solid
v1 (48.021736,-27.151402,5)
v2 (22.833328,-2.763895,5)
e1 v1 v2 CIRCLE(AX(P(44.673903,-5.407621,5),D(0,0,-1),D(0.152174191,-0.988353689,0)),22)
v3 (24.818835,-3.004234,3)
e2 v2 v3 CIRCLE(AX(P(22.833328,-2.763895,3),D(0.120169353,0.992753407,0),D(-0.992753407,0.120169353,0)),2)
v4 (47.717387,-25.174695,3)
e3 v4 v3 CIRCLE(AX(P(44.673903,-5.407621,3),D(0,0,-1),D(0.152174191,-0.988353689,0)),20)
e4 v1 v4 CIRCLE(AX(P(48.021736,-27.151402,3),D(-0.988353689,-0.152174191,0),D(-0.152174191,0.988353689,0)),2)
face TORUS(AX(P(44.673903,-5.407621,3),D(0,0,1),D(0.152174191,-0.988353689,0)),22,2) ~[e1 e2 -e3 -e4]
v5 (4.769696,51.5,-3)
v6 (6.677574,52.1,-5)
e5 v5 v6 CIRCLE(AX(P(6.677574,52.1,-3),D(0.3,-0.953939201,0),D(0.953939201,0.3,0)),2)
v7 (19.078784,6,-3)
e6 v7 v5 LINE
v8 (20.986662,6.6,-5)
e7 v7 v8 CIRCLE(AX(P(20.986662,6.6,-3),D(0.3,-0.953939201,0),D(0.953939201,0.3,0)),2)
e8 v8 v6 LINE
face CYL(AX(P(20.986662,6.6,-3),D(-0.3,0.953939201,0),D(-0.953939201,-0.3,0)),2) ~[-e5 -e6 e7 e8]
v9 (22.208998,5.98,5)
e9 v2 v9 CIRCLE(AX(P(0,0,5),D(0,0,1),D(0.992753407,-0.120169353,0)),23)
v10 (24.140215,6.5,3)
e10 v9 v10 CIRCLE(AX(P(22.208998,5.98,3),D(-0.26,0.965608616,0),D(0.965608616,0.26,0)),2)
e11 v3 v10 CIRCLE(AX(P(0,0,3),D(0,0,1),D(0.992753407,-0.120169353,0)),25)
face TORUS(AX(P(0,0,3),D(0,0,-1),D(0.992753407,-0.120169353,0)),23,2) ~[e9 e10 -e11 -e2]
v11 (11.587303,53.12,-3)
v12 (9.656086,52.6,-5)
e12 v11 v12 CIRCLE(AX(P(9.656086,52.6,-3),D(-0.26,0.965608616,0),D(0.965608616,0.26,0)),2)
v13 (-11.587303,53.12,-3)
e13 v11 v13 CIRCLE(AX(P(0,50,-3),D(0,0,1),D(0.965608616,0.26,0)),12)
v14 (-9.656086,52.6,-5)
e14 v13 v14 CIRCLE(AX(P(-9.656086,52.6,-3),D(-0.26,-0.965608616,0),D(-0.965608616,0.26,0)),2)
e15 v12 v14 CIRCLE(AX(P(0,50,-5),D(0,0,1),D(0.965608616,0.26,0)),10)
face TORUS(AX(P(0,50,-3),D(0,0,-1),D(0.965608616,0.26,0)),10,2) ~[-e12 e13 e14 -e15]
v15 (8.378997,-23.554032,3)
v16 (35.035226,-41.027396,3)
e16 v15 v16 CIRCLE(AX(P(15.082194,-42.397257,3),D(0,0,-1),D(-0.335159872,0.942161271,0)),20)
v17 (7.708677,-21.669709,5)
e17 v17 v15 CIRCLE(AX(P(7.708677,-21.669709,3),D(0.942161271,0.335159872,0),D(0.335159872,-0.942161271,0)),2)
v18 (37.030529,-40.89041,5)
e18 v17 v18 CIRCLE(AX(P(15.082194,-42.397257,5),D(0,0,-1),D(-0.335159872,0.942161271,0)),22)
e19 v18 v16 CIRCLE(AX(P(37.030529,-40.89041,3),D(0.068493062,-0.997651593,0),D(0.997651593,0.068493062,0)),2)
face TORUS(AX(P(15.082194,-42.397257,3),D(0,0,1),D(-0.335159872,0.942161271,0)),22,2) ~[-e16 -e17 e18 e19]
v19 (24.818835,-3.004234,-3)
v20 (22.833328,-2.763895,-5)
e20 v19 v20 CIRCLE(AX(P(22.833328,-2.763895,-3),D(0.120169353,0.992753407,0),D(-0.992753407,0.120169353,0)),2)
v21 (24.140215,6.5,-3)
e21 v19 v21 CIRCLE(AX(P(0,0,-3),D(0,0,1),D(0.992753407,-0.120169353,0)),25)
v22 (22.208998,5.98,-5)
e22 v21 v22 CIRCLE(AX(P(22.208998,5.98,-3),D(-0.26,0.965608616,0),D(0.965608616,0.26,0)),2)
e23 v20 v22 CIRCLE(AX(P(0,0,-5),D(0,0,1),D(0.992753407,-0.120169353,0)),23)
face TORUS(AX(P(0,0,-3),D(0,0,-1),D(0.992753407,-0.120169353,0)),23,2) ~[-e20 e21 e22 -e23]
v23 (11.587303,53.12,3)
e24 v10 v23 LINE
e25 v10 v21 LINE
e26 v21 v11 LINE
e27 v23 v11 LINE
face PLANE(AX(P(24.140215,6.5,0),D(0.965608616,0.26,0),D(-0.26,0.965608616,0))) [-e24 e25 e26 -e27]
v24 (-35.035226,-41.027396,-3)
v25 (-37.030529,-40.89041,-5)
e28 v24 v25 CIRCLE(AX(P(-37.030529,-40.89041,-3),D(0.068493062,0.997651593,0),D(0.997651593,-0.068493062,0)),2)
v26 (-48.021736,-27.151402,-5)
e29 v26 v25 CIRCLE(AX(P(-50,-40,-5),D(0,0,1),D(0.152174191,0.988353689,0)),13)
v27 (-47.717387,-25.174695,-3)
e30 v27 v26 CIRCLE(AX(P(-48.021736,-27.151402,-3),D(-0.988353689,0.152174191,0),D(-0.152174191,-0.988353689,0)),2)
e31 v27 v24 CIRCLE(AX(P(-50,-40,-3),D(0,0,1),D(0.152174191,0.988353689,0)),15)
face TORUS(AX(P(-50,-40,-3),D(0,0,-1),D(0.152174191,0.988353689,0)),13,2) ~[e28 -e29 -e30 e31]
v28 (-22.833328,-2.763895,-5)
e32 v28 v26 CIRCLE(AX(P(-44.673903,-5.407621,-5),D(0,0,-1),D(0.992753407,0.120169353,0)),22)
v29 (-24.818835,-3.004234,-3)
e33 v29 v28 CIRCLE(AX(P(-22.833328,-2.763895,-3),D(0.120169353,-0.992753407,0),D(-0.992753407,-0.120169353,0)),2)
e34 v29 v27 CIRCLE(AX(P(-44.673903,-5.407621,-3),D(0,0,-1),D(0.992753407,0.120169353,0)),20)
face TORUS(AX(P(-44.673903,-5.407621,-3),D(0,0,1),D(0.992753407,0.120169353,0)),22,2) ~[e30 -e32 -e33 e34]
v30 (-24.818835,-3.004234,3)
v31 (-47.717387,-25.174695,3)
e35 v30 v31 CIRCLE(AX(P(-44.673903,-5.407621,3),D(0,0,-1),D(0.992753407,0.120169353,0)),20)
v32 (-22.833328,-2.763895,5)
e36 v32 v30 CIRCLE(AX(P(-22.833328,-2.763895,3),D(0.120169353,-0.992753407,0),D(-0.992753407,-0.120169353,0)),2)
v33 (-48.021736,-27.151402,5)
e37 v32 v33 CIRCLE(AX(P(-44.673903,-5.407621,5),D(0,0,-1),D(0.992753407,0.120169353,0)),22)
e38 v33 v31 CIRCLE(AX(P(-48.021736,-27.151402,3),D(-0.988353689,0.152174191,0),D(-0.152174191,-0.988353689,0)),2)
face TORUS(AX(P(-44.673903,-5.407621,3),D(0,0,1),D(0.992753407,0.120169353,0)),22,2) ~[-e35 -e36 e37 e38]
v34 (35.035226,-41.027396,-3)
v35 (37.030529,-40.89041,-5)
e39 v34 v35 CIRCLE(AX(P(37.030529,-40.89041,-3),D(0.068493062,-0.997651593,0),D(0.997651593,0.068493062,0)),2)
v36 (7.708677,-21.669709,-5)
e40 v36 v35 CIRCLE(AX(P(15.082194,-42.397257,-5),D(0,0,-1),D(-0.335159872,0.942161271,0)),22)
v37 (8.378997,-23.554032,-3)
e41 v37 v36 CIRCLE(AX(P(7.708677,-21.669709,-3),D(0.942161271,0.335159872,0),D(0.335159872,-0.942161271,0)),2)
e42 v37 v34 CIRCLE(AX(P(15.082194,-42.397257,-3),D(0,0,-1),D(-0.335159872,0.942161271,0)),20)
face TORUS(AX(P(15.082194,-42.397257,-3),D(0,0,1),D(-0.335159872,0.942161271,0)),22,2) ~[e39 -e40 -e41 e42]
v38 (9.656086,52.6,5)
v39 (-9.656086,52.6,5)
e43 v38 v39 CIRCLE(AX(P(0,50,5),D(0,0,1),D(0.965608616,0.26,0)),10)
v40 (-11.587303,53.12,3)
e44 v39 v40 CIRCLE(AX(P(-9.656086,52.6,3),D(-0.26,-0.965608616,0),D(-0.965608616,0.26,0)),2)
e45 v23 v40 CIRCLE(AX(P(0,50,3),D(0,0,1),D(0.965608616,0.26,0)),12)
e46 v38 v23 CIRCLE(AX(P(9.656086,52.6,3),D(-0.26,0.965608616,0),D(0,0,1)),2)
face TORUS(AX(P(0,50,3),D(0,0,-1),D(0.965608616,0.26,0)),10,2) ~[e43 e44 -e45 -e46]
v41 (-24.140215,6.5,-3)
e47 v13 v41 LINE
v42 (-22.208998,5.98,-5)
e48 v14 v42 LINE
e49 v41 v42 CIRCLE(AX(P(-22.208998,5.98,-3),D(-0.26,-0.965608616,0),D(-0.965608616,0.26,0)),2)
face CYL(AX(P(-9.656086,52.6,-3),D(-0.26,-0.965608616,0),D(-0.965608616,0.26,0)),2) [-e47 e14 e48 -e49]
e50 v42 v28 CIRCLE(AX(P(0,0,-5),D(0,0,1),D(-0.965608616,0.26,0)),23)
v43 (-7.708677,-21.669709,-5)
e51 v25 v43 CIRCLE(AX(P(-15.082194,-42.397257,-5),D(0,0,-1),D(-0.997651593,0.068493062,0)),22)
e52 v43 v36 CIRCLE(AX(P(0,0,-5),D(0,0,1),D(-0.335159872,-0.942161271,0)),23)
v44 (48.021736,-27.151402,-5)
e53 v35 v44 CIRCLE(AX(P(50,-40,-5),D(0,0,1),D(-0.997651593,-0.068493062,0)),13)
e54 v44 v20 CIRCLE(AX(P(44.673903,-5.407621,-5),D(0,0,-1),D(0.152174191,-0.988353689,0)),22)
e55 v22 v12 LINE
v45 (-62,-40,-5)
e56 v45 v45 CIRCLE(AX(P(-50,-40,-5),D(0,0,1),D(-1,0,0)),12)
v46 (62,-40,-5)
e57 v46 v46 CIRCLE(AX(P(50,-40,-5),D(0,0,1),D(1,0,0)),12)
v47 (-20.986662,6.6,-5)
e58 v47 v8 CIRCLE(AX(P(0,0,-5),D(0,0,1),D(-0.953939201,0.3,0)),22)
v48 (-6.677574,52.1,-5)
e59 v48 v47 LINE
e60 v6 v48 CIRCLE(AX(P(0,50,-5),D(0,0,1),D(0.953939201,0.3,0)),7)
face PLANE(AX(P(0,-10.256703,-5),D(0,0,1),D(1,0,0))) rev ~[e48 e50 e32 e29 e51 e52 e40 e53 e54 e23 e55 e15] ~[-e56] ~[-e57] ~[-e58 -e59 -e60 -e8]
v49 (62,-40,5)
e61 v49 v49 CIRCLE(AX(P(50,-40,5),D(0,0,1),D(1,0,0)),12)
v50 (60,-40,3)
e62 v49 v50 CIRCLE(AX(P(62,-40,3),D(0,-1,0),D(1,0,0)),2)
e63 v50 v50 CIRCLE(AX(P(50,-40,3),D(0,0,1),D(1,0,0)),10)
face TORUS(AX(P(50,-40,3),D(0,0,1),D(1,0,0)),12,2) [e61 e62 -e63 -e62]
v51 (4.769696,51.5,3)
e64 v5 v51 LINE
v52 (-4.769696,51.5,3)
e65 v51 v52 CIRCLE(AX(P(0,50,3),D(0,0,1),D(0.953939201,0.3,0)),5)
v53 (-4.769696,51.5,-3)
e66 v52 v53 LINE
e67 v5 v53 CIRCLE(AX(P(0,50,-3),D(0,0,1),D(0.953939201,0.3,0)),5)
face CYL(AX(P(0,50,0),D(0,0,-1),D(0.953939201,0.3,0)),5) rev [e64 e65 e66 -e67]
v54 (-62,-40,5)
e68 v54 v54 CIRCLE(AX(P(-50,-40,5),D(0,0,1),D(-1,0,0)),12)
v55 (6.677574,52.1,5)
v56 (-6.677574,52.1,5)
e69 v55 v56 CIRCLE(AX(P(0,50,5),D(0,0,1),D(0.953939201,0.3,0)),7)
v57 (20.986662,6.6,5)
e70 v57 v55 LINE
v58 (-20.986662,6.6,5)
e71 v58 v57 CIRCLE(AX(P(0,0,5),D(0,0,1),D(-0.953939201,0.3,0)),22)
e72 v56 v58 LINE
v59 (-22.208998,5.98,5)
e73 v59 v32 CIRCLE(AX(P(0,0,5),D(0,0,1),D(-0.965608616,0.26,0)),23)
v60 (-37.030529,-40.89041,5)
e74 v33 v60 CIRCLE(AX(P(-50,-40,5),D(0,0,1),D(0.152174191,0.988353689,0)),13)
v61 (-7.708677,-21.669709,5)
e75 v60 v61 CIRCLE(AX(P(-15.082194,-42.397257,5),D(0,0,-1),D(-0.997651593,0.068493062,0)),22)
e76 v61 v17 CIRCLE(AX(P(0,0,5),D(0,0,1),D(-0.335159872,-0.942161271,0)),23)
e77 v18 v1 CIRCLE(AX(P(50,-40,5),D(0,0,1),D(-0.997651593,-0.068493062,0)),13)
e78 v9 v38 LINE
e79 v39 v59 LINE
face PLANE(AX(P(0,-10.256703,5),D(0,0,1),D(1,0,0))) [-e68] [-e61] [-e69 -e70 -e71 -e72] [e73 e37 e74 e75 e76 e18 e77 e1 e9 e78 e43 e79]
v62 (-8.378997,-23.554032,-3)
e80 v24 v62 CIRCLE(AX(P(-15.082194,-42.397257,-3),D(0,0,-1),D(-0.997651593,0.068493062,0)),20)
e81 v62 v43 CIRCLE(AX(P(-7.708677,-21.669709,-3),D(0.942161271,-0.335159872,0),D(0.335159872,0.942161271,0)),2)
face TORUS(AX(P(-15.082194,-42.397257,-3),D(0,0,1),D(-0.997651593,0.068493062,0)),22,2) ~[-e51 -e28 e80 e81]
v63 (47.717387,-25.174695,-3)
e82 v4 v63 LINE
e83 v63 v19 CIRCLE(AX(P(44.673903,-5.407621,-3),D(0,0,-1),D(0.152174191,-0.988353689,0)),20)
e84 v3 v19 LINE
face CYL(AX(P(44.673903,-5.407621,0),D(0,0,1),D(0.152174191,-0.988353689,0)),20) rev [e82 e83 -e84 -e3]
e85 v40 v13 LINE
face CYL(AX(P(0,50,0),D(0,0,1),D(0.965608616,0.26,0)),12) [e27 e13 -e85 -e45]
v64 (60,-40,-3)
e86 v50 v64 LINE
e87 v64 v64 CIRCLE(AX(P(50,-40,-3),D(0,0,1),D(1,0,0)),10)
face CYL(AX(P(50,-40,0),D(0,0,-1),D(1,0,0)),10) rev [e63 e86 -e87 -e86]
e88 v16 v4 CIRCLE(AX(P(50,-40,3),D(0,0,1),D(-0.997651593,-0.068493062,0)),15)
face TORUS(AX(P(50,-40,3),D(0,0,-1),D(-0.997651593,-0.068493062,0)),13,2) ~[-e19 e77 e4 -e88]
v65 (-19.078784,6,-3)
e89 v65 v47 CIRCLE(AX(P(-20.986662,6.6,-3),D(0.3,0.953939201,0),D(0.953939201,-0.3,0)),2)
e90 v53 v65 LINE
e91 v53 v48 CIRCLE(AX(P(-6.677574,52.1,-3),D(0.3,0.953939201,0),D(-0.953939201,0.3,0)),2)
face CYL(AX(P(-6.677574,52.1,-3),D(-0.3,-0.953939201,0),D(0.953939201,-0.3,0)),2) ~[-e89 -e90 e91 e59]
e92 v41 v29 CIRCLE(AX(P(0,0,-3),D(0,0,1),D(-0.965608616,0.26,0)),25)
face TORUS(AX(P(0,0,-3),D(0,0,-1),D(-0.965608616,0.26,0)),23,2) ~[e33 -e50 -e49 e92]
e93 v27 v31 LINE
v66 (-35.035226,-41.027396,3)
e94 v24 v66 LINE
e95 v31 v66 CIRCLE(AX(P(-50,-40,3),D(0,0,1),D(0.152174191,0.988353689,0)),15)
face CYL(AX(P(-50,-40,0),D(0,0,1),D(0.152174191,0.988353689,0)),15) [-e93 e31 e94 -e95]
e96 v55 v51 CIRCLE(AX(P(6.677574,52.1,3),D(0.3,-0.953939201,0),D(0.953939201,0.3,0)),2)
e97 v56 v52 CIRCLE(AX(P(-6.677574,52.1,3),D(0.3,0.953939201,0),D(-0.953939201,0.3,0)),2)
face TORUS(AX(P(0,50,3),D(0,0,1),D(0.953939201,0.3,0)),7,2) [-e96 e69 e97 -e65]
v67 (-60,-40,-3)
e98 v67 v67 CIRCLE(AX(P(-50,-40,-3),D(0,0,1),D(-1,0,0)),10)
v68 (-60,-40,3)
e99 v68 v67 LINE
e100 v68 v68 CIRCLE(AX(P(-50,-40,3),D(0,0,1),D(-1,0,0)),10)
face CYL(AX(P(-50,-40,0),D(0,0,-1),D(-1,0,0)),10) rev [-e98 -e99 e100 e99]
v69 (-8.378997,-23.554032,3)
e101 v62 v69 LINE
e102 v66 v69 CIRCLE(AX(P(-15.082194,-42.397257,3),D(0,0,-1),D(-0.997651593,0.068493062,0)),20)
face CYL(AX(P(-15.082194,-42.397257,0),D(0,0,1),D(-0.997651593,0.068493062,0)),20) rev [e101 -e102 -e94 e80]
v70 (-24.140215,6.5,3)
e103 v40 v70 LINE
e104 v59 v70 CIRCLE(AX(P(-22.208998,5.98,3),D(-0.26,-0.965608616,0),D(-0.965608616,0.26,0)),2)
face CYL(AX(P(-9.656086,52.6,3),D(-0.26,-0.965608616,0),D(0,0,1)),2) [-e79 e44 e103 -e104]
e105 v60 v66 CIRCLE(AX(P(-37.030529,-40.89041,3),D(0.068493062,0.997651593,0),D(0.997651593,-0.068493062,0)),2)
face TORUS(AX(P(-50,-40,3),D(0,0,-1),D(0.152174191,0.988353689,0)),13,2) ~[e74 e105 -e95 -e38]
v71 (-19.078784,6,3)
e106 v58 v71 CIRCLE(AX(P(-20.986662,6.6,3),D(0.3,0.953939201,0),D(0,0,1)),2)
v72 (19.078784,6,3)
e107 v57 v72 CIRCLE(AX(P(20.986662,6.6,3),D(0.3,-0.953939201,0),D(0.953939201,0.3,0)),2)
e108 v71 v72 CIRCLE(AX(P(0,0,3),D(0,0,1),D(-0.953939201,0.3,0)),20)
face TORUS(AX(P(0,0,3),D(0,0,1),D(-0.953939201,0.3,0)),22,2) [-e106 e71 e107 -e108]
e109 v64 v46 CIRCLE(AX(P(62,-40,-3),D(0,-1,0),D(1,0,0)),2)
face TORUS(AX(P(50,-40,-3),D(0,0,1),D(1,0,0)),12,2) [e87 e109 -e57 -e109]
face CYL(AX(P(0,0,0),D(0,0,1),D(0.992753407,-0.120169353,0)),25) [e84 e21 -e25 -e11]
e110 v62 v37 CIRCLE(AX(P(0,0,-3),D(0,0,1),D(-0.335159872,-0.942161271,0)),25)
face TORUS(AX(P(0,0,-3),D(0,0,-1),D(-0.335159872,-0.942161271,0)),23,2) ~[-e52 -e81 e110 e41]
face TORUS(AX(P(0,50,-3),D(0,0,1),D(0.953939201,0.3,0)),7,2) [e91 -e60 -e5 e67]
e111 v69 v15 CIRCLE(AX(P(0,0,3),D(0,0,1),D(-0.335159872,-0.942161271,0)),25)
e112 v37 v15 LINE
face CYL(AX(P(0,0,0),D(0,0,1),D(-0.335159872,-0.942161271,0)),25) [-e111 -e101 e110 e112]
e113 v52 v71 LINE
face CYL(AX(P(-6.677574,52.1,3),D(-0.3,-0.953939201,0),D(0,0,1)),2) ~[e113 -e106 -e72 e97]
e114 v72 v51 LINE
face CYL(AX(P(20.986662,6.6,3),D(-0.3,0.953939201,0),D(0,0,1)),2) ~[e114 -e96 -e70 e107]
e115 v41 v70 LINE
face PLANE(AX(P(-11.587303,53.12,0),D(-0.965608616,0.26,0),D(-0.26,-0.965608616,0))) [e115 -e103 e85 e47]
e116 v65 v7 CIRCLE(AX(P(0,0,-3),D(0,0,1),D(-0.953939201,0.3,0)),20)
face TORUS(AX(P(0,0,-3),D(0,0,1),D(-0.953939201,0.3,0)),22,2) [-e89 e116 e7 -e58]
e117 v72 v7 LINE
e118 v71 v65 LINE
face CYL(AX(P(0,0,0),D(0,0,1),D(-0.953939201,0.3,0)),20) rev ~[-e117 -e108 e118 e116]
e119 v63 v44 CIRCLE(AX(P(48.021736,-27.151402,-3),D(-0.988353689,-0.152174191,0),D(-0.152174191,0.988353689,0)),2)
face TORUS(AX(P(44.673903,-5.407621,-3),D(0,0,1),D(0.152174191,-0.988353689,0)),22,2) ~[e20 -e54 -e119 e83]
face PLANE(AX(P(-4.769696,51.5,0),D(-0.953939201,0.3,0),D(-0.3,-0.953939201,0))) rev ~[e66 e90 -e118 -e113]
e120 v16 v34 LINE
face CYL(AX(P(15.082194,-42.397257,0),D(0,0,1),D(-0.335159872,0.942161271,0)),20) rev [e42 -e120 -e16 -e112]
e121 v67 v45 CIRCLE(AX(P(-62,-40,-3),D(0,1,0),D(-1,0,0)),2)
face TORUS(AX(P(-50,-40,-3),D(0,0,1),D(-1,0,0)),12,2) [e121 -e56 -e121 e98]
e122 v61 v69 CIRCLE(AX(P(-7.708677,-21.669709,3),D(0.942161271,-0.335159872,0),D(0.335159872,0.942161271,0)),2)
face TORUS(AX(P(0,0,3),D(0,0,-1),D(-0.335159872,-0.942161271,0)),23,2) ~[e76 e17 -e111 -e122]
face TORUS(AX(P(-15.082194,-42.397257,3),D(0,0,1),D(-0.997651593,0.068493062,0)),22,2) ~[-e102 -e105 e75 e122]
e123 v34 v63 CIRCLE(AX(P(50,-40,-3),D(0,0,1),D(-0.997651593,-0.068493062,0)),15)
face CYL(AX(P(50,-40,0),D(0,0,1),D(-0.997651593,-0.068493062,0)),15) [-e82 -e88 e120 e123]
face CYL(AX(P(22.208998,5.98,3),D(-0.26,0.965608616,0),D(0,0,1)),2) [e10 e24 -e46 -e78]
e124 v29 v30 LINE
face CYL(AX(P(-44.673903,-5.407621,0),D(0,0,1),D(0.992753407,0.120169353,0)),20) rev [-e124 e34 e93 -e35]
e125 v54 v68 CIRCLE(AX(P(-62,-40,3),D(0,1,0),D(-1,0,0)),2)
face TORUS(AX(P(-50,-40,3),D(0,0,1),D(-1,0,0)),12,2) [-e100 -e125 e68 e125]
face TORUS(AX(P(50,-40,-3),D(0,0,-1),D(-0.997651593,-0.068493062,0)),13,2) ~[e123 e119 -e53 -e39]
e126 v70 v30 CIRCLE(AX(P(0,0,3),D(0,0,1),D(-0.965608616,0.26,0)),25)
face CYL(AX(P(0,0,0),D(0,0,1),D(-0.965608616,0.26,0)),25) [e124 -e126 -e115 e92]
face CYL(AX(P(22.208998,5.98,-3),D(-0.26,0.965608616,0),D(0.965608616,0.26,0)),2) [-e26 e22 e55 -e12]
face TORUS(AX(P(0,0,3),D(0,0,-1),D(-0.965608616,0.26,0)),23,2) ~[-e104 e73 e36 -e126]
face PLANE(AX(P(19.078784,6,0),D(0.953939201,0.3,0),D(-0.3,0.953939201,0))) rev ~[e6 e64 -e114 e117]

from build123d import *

# Parameters (mm, degrees)
SKETCH1_R           = 10
BOSS_EXTRUDE1_DEPTH = 5
FILLET1_R           = 2


with BuildPart() as part:
    # Sketch1 → Boss-Extrude1 (new, symmetric)
    with BuildSketch(Plane.XY):
        with BuildLine():
            Line((-11.587303396, 53.12), (-24.140215409, 6.5))
            ThreePointArc((-24.140215409, 6.5), (-24.936514863, 1.780512988), (-24.81883517, -3.004233816))
            ThreePointArc((-24.81883517, -3.004233816), (-30.762049538, -19.776348187), (-47.717387131, -25.174694658))
            ThreePointArc((-47.717387131, -25.174694658), (-61.713032142, -49.370425713), (-35.03522611, -41.027395935))
            ThreePointArc((-35.03522611, -41.027395935), (-26.046643252, -25.670606045), (-8.378996809, -23.554031767))
            ThreePointArc((-8.378996809, -23.554031767), (0, -25), (8.378996809, -23.554031767))
            ThreePointArc((8.378996809, -23.554031767), (26.046643252, -25.670606045), (35.03522611, -41.027395935))
            ThreePointArc((35.03522611, -41.027395935), (61.713032142, -49.370425713), (47.717387131, -25.174694658))
            ThreePointArc((47.717387131, -25.174694658), (30.762049538, -19.776348187), (24.81883517, -3.004233816))
            ThreePointArc((24.81883517, -3.004233816), (24.936514863, 1.780512988), (24.140215409, 6.5))
            Line((24.140215409, 6.5), (11.587303396, 53.12))
            ThreePointArc((11.587303396, 53.12), (0, 62), (-11.587303396, 53.12))
        make_face()
        with Locations((50, -40)):
            Circle(SKETCH1_R, mode=Mode.SUBTRACT)
        with Locations(Location((-50, -40, 0), (0, 0, 180))):
            Circle(SKETCH1_R, mode=Mode.SUBTRACT)
        with BuildLine():
            Line((-4.769696007, 51.5), (-19.078784028, 6))
            ThreePointArc((-19.078784028, 6), (0, -20), (19.078784028, 6))
            Line((19.078784028, 6), (4.769696007, 51.5))
            ThreePointArc((4.769696007, 51.5), (0, 55), (-4.769696007, 51.5))
        make_face(mode=Mode.SUBTRACT)
    extrude(amount=BOSS_EXTRUDE1_DEPTH, both=True)

    # Fillet1
    fillet1_edges = [part.edges().sort_by_distance(p)[0] for p in [
        (17.863759403, 29.81, -5),
        (24.936514863, 1.780512988, -5),
        (-24.936514863, 1.780512988, 5),
        (30.762049538, -19.776348187, -5),
        (61.713032142, -49.370425713, -5),
        (26.046643252, -25.670606045, -5),
        (0, -25, -5),
        (-26.046643252, -25.670606045, -5),
        (-61.713032142, -49.370425713, -5),
        (-30.762049538, -19.776348187, -5),
        (-24.936514863, 1.780512988, -5),
        (-17.863759403, 29.81, -5),
        (0, 62, -5),
        (-30.762049538, -19.776348187, 5),
        (-61.713032142, -49.370425713, 5),
        (-26.046643252, -25.670606045, 5),
        (0, -25, 5),
        (40, -40, -5),
        (40, -40, 5),
        (26.046643252, -25.670606045, 5),
        (-40, -40, -5),
        (-40, -40, 5),
        (61.713032142, -49.370425713, 5),
        (30.762049538, -19.776348187, 5),
        (0, 55, -5),
        (-11.924240018, 28.75, -5),
        (0, -20, -5),
        (11.924240018, 28.75, -5),
        (0, 55, 5),
        (-11.924240018, 28.75, 5),
        (0, -20, 5),
        (11.924240018, 28.75, 5),
        (24.936514863, 1.780512988, 5),
        (17.863759403, 29.81, 5),
        (0, 62, 5),
        (-17.863759403, 29.81, 5),
    ]]
    fillet(fillet1_edges, radius=FILLET1_R)


solid = part.part
